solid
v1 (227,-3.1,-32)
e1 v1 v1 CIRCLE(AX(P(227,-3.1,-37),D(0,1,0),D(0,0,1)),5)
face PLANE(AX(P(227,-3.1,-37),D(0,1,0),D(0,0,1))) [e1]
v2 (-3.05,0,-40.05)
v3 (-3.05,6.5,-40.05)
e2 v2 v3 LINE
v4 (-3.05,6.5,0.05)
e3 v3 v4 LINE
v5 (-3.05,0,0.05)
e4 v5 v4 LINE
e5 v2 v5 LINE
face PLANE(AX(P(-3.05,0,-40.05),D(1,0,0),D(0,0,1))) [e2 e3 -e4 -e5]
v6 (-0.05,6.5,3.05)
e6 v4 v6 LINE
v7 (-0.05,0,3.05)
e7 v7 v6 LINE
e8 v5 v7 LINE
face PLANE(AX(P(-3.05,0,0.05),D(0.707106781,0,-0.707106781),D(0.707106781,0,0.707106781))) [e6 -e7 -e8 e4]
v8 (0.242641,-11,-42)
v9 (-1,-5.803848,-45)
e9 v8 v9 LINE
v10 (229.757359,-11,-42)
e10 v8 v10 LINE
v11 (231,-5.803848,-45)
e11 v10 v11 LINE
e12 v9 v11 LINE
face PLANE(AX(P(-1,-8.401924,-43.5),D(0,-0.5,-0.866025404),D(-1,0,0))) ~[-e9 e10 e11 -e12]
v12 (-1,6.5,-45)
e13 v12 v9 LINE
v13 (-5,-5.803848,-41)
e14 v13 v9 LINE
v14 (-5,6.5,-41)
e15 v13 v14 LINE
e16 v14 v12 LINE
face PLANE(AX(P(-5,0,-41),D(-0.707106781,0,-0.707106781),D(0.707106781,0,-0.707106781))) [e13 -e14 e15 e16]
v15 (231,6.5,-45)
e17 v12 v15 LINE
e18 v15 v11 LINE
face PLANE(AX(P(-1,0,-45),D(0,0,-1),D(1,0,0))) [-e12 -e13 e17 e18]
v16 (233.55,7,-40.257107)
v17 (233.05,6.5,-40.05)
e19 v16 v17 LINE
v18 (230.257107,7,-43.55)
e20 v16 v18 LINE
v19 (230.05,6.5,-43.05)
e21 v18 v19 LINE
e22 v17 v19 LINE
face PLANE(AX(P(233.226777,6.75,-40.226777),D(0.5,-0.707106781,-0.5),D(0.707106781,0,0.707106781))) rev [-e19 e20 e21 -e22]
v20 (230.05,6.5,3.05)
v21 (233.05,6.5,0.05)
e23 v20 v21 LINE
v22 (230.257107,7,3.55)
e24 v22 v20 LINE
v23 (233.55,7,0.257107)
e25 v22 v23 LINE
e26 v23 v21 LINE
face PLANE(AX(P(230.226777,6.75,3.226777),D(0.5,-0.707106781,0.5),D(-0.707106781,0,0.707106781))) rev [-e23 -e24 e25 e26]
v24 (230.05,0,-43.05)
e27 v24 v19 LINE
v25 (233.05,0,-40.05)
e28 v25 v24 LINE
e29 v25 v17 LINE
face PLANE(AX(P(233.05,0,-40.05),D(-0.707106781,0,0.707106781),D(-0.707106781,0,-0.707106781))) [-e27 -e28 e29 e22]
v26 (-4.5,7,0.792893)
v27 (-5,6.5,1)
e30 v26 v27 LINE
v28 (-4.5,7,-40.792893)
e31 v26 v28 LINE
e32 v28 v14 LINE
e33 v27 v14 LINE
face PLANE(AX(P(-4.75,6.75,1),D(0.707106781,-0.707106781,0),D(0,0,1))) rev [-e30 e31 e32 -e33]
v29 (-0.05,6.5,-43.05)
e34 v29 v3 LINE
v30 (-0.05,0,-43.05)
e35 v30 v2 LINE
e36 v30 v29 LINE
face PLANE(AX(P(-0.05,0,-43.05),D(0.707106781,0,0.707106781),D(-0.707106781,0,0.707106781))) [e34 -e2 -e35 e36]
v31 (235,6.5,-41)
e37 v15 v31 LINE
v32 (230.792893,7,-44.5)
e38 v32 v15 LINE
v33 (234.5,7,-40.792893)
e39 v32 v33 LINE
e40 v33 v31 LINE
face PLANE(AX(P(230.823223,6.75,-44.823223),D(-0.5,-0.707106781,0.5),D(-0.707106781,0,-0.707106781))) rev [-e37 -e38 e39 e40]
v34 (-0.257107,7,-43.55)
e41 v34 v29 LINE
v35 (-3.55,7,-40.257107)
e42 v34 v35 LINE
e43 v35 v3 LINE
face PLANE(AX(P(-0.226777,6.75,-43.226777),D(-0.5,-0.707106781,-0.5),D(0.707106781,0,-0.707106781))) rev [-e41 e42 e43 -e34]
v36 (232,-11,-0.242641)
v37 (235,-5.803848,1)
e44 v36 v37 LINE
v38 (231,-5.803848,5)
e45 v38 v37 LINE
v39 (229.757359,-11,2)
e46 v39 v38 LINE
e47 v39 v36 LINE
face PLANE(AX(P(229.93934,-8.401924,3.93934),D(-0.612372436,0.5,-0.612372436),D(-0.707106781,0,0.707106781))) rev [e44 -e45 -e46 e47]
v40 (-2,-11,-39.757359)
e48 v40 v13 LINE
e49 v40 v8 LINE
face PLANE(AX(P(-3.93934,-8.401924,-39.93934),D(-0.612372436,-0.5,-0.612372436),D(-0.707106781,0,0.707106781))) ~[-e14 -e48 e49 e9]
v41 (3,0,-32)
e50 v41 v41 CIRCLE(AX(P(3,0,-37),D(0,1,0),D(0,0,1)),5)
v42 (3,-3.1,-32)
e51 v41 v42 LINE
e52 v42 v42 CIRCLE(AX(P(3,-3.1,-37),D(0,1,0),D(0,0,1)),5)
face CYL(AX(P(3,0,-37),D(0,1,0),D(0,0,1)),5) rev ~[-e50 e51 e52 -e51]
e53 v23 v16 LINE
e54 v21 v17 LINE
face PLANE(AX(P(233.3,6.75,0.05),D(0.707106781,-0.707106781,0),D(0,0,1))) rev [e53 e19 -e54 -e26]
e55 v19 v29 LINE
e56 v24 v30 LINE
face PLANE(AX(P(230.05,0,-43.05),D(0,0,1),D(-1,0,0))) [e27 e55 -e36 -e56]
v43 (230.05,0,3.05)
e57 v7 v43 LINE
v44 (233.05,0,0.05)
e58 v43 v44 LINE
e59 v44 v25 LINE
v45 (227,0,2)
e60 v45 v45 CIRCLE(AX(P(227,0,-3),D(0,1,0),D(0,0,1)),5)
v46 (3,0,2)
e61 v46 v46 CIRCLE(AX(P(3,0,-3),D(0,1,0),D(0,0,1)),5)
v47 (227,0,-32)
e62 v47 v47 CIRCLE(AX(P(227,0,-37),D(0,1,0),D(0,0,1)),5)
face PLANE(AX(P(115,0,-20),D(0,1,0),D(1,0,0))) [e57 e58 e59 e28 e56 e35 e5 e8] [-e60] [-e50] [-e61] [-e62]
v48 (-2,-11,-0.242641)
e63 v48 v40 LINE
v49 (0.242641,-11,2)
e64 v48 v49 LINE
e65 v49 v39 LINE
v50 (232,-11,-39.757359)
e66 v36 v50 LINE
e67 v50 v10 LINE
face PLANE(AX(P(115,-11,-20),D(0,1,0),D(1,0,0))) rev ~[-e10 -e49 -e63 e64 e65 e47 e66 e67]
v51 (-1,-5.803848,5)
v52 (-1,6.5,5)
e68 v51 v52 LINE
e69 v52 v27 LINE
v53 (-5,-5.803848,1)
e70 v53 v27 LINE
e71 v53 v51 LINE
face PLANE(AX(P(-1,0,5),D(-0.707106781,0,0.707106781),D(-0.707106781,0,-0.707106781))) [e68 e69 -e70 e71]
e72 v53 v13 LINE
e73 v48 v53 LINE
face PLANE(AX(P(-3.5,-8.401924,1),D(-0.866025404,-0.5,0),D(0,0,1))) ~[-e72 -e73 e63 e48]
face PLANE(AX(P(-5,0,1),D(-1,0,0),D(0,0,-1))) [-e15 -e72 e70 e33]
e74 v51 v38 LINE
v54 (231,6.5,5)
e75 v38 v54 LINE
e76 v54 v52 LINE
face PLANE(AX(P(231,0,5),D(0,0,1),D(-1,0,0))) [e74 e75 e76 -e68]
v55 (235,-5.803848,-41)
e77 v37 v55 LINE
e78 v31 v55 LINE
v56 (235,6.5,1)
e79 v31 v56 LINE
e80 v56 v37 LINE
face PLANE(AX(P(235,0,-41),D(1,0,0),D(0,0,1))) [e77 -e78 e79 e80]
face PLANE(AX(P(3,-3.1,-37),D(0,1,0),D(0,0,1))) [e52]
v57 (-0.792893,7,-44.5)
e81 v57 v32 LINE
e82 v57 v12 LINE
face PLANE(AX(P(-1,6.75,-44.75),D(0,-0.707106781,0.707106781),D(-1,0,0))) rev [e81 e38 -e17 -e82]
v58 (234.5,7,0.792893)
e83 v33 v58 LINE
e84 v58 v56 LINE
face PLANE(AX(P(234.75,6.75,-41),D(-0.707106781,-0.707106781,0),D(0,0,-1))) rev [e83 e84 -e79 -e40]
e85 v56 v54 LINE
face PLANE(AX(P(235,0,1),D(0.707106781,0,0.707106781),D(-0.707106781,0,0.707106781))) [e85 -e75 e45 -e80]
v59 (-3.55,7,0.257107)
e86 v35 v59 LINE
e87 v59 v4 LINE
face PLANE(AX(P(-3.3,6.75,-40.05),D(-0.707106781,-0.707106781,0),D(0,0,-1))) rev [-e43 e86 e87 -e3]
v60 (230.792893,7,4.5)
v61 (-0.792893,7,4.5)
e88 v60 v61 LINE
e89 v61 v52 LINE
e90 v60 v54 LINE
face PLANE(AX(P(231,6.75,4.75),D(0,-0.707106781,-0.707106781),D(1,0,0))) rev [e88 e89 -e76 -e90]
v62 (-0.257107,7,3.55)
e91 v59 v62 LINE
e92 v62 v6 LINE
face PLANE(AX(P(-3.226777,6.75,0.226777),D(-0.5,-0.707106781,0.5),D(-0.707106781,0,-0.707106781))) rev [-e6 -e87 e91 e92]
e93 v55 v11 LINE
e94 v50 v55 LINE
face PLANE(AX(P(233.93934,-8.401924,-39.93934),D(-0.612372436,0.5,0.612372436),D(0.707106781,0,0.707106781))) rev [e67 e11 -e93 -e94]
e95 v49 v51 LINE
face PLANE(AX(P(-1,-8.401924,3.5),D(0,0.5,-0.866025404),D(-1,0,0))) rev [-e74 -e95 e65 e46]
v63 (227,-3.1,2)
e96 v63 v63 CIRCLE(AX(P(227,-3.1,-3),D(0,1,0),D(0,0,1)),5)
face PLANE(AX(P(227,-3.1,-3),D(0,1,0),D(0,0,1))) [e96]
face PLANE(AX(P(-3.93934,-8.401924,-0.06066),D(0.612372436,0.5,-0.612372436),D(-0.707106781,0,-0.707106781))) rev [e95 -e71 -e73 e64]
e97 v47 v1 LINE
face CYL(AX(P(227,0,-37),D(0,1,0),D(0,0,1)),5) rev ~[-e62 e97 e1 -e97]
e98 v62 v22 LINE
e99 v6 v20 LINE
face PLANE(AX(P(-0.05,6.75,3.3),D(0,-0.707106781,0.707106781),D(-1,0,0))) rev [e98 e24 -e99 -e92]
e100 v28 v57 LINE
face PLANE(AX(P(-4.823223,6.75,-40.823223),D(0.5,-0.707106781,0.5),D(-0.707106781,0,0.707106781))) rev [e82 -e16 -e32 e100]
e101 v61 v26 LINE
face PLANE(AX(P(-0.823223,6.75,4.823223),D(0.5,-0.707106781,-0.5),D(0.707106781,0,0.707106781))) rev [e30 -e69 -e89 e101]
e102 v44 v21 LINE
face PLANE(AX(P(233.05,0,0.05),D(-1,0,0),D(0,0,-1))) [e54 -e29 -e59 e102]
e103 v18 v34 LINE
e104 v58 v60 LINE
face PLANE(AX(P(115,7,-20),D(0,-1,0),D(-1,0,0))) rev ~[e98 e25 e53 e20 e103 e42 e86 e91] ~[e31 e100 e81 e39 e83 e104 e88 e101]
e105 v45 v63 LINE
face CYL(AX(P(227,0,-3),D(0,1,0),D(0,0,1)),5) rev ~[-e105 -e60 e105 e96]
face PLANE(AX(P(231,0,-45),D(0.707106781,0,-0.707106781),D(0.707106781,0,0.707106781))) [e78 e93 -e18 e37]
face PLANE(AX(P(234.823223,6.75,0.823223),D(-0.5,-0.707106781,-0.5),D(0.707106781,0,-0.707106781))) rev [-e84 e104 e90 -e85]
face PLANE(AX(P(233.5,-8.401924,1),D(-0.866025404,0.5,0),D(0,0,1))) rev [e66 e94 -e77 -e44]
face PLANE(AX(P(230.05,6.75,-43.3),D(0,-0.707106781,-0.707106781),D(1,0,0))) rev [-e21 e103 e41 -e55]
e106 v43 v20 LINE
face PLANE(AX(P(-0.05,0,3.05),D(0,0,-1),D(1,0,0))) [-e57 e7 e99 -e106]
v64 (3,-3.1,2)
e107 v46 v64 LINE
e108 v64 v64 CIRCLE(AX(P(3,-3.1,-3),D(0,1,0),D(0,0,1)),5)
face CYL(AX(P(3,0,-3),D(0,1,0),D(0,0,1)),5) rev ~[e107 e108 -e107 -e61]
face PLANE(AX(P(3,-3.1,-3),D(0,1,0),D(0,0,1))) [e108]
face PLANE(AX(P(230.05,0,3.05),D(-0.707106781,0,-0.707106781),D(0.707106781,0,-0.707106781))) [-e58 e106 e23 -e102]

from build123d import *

# Parameters (mm, degrees)
SKETCH1_W           = 240
SKETCH1_H           = 50
BOSS_EXTRUDE1_DEPTH = 11
CHAMFER5_SIZE       = 4
SKETCH6_R           = 5
CUT_EXTRUDE5_DEPTH  = 3.1
CHAMFER9_SIZE       = 3
CHAMFER9_SIZE2      = 5.196152423
BOSS_EXTRUDE4_DEPTH = 7
CHAMFER13_SIZE      = 0.5
CHAMFER14_SIZE      = 0.5


with BuildPart() as part:
    # Sketch1 → Boss-Extrude1 (new body)
    with BuildSketch(Plane(origin=(0, 0, 0), x_dir=(1, 0, 0), z_dir=(0, 1, 0))):
        with Locations((115, 20)):
            Rectangle(SKETCH1_W, SKETCH1_H)
    extrude(amount=-BOSS_EXTRUDE1_DEPTH)

    # Chamfer5
    chamfer5_edges = [part.edges().sort_by_distance(p)[0] for p in [
        (235, -5.5, 5),
        (-5, -5.5, 5),
        (-5, -5.5, -45),
        (235, -5.5, -45),
    ]]
    chamfer(chamfer5_edges, length=CHAMFER5_SIZE)

    # Sketch6 → Cut-Extrude5 (cut)
    with BuildSketch(Plane(origin=(0, 0, 0), x_dir=(1, 0, 0), z_dir=(0, 1, 0))):
        with Locations((3, 37)):
            Circle(SKETCH6_R)
        with Locations((227, 37)):
            Circle(SKETCH6_R)
        with Locations((227, 3)):
            Circle(SKETCH6_R)
        with Locations((3, 3)):
            Circle(SKETCH6_R)
    extrude(amount=-CUT_EXTRUDE5_DEPTH, mode=Mode.SUBTRACT)

    # Chamfer9
    chamfer9_edges = [part.edges().sort_by_distance(p)[0] for p in [
        (-3, -11, 3),
        (115, -11, 5),
        (233, -11, 3),
        (235, -11, -20),
        (233, -11, -43),
        (115, -11, -45),
        (-3, -11, -43),
        (-5, -11, -20),
    ]]
    chamfer9_side = [part.faces().sort_by_distance(p)[0] for p in [
        (115, -11, -20),
    ]]
    chamfer(chamfer9_edges, length=CHAMFER9_SIZE, length2=CHAMFER9_SIZE2, reference=chamfer9_side[0])

    # Sketch8 → Boss-Extrude4 (add)
    with BuildSketch(Plane(origin=(0, 0, 0), x_dir=(1, 0, 0), z_dir=(0, 1, 0))):
        Polygon((-5, 41), (-1, 45), (231, 45), (235, 41), (235, -1), (231, -5), (-1, -5), (-5, -1), align=None)
        Polygon((-3.05, -0.05), (-0.05, -3.05), (230.05, -3.05), (233.05, -0.05), (233.05, 40.05), (230.05, 43.05), (-0.05, 43.05), (-3.05, 40.05), align=None, mode=Mode.SUBTRACT)
    extrude(amount=BOSS_EXTRUDE4_DEPTH)

    # Chamfer13
    chamfer13_edges = [part.edges().sort_by_distance(p)[0] for p in [
        (231.55, 7, 1.55),
        (115, 7, 3.05),
        (-1.55, 7, 1.55),
        (231.55, 7, -41.55),
        (115, 7, -43.05),
        (-1.55, 7, -41.55),
        (-3.05, 7, -20),
        (233.05, 7, -20),
    ]]
    chamfer(chamfer13_edges, length=CHAMFER13_SIZE)

    # Chamfer14
    chamfer14_edges = [part.edges().sort_by_distance(p)[0] for p in [
        (-3, 7, 3),
        (115, 7, 5),
        (233, 7, 3),
        (235, 7, -20),
        (233, 7, -43),
        (115, 7, -45),
        (-3, 7, -43),
        (-5, 7, -20),
    ]]
    chamfer(chamfer14_edges, length=CHAMFER14_SIZE)


solid = part.part
